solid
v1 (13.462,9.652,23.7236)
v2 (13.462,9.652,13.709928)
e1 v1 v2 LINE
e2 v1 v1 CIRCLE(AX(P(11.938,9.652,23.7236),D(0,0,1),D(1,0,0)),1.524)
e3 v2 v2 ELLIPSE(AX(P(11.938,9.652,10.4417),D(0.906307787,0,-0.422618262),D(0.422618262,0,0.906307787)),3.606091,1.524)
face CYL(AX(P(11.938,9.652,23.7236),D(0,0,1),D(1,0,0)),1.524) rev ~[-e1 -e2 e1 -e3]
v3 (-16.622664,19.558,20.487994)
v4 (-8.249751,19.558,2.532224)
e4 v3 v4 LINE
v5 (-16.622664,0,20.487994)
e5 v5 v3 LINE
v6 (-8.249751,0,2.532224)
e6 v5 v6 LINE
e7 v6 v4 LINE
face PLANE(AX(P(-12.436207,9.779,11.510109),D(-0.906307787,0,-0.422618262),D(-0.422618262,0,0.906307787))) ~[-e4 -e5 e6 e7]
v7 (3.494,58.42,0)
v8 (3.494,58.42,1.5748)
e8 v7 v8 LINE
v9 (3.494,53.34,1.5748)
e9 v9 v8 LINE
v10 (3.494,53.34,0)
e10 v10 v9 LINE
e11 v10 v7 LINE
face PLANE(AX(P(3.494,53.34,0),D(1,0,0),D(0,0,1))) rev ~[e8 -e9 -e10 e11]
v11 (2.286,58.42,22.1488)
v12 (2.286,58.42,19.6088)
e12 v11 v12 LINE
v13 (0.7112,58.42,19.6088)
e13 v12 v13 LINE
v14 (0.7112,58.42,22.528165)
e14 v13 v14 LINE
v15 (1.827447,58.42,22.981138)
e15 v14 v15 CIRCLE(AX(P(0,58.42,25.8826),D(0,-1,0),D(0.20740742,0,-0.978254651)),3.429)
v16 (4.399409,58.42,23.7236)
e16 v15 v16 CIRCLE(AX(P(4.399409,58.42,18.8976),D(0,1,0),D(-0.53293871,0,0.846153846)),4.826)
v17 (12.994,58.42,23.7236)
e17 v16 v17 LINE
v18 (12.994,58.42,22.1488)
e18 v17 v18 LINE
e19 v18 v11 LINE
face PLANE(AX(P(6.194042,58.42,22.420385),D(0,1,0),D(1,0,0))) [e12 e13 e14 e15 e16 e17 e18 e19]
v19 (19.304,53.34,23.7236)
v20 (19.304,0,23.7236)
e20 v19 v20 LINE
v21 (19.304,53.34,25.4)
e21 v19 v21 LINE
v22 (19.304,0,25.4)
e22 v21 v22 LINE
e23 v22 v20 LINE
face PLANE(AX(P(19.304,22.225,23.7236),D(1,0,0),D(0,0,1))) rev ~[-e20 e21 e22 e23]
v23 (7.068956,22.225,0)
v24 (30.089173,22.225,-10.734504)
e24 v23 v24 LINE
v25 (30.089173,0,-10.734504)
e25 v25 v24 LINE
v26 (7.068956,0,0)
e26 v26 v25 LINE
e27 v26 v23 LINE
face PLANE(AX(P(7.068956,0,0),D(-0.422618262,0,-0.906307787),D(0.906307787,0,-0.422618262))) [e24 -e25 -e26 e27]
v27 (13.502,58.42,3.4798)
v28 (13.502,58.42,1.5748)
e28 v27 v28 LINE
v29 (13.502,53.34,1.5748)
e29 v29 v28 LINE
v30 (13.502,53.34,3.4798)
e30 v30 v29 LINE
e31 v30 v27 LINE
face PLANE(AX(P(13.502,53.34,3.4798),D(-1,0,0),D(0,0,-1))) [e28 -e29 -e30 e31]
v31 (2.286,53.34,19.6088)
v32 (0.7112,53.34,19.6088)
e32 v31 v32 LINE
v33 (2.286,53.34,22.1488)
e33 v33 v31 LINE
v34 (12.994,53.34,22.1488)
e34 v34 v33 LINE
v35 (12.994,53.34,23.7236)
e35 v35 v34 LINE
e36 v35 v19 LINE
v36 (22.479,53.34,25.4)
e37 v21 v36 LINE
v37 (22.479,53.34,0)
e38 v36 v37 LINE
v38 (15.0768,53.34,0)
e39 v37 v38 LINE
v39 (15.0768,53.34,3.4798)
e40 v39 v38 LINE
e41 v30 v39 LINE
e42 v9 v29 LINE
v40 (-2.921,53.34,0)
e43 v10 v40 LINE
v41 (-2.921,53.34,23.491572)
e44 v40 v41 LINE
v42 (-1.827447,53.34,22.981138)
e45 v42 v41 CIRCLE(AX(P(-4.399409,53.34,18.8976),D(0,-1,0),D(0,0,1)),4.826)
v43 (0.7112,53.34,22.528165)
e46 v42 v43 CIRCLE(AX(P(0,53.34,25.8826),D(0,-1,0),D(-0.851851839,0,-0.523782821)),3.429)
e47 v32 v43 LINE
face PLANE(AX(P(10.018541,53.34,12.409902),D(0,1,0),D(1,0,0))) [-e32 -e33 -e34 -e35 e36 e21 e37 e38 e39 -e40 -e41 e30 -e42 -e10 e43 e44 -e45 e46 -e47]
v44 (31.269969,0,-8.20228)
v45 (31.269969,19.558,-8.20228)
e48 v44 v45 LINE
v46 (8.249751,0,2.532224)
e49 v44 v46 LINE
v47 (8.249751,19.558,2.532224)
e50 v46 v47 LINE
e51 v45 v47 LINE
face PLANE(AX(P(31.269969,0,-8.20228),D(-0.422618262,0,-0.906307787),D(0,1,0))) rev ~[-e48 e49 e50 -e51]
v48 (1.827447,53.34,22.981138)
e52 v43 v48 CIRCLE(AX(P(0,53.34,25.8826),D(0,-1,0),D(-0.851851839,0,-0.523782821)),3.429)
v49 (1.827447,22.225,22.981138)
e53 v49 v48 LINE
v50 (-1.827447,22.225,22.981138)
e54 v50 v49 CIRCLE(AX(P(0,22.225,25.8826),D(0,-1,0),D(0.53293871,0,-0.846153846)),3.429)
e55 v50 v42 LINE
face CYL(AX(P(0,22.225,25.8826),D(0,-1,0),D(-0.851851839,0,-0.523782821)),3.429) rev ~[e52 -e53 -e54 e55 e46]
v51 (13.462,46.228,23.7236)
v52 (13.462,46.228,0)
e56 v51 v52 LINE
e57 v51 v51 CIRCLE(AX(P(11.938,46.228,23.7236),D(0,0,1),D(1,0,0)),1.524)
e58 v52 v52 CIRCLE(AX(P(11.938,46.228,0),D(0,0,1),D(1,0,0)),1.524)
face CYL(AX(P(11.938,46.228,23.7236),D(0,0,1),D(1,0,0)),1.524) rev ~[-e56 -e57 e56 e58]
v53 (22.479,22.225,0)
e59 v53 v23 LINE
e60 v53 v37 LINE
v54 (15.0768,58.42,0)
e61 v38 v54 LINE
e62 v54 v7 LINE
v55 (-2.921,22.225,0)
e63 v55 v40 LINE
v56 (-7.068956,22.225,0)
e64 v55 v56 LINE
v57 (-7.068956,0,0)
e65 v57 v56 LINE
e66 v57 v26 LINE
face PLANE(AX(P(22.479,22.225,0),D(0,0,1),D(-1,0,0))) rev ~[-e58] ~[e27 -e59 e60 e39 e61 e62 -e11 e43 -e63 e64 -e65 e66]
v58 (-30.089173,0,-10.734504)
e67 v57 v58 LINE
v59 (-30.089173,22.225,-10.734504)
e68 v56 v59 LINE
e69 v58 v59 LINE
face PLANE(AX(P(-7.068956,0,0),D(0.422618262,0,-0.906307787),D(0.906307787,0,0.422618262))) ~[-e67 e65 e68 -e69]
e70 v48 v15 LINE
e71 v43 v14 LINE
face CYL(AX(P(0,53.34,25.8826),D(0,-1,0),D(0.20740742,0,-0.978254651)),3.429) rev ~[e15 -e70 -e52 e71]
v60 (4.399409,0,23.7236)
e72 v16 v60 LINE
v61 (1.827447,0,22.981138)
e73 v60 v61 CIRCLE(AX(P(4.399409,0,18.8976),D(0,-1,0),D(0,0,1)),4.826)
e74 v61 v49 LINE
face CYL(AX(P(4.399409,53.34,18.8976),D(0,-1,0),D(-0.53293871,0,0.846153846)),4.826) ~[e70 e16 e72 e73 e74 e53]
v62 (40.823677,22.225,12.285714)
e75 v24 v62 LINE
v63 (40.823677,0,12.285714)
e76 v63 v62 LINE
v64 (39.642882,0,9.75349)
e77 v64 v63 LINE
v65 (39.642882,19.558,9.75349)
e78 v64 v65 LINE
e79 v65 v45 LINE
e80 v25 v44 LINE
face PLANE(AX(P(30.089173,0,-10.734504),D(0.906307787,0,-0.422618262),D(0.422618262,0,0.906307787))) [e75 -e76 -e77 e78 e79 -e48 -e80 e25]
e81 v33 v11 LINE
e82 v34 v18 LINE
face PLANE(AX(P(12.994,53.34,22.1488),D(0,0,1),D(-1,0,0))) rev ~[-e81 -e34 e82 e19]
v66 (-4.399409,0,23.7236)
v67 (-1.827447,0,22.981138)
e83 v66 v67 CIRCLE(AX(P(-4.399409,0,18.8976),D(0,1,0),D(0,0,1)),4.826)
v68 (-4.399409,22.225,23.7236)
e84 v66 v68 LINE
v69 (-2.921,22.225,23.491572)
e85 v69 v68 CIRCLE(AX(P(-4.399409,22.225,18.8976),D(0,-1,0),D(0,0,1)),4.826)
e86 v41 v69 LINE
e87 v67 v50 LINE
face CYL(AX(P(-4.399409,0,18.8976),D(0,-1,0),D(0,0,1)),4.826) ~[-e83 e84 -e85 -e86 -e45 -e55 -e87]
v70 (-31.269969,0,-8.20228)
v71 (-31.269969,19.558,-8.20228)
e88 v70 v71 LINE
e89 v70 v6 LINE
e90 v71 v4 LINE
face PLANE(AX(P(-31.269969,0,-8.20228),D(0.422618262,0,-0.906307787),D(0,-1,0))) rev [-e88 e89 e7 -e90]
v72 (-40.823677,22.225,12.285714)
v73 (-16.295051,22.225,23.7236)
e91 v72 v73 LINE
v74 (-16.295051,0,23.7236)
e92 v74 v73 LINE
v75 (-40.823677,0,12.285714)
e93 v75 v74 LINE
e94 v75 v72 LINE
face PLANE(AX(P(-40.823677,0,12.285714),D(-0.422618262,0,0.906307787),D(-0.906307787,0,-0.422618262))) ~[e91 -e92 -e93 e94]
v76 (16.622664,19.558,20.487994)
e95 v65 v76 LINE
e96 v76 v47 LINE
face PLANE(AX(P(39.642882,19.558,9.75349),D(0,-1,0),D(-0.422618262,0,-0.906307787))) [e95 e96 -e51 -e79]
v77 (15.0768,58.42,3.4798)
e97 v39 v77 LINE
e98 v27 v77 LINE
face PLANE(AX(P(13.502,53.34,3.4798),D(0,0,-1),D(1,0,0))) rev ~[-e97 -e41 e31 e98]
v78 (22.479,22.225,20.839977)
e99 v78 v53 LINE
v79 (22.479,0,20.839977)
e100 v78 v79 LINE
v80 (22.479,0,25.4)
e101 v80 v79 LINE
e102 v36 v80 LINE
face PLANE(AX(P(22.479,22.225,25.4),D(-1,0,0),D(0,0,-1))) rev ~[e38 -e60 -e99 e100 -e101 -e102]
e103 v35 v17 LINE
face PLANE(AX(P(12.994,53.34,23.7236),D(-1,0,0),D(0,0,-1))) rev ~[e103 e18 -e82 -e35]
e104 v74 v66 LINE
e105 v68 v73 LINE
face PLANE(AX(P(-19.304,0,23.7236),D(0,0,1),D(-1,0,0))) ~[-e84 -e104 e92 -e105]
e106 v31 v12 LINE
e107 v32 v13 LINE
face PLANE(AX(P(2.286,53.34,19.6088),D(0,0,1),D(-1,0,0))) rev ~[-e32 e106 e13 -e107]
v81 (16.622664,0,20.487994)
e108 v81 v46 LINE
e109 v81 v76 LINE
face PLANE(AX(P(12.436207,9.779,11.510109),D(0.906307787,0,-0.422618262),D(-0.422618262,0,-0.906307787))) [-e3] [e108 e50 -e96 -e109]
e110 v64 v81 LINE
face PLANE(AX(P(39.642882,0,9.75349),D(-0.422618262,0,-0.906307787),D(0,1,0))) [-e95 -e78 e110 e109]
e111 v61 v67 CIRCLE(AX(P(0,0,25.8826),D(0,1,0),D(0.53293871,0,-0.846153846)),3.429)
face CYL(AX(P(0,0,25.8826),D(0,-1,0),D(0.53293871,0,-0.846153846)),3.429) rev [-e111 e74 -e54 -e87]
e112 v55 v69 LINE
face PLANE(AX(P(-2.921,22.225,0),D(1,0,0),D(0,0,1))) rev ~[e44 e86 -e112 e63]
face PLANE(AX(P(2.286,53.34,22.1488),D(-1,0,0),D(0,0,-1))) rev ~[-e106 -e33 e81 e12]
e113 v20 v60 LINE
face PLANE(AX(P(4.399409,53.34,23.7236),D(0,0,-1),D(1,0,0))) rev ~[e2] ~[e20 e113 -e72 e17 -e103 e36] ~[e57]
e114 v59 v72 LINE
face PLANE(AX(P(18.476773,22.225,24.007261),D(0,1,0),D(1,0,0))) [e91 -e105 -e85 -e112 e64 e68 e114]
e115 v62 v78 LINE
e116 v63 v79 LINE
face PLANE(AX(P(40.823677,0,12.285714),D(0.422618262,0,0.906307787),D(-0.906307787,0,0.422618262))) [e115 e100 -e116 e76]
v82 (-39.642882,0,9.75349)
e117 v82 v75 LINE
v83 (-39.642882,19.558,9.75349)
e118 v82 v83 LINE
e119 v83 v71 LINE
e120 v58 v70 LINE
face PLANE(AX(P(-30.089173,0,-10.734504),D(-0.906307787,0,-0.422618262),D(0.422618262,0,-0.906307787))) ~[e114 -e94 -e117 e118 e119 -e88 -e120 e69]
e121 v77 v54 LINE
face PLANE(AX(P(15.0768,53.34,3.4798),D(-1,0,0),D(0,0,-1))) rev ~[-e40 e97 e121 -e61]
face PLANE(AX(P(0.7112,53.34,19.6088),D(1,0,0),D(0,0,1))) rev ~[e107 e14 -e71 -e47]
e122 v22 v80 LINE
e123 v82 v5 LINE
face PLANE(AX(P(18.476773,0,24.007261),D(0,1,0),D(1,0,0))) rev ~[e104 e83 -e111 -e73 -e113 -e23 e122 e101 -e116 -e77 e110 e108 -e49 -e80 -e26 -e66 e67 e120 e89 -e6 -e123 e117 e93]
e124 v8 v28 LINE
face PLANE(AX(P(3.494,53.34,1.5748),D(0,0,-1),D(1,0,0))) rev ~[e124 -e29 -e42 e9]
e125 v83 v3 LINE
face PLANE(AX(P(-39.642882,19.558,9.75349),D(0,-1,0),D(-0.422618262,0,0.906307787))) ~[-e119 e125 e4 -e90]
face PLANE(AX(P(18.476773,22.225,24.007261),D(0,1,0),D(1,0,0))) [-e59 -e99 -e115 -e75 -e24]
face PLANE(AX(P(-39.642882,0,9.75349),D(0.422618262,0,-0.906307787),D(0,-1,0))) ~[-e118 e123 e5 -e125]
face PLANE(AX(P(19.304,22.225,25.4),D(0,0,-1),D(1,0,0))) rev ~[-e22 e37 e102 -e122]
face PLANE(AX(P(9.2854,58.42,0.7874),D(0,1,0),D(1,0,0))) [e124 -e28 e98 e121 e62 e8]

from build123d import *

# Parameters (mm, degrees)
BOSS_EXTRUDE1_DEPTH        = 22.225
SKETCH2_W                  = 19.812
SKETCH2_H                  = 19.558
CUT_EXTRUDE1_DEPTH         = 25.4
BOSS_EXTRUDE3_DEPTH        = 22.225
CUT_EXTRUDE2_DEPTH         = 53.968700624
BOSS_EXTRUDE4_DEPTH        = 31.115
F_6_CLEARANCE_HOLE1_REACH  = 77.492
F_6_CLEARANCE_HOLE1_BORE_R = 1.524
SKETCH13_W                 = 1.5748
SKETCH13_H                 = 1.905
BOSS_EXTRUDE5_DEPTH        = 5.08


with BuildPart() as part:
    # Sketch1 → Boss-Extrude1 (new body)
    with BuildSketch(Plane(origin=(0, 0, 0), x_dir=(1, 0, 0), z_dir=(0, 1, 0))):
        Polygon((30.08917336, 10.734503848), (40.823677208, -12.285713943), (12.7, -25.4), (0, -25.4), (0, 0), (7.068955569, 0), align=None)
    boss_extrude1 = extrude(amount=BOSS_EXTRUDE1_DEPTH)

    # Sketch2 → Cut-Extrude1 (cut)
    with BuildSketch(Plane(origin=(28.826614102, 0, -13.442070914), x_dir=(-0.4226182617407009, 0, -0.9063077870366494), z_dir=(0.9063077870366494, 0, -0.4226182617407009))):
        with Locations((-15.687469715, 9.779)):
            Rectangle(SKETCH2_W, SKETCH2_H)
    cut_extrude1 = extrude(amount=-CUT_EXTRUDE1_DEPTH, mode=Mode.SUBTRACT)

    # Mirror1: Boss-Extrude1, Cut-Extrude1 across plane
    add(boss_extrude1.mirror(Plane(origin=(0, 22.225, 0), x_dir=(0, 0, 1), z_dir=(1, 0, 0))))
    add(cut_extrude1.mirror(Plane(origin=(0, 22.225, 0), x_dir=(0, 0, 1), z_dir=(1, 0, 0))), mode=Mode.SUBTRACT)

    # Sketch4 → Boss-Extrude3 (add)
    with BuildSketch(Plane(origin=(0, 22.225, 0), x_dir=(1, 0, 0), z_dir=(0, 1, 0))):
        Polygon((22.479000043, -20.839977391), (12.7, -25.4), (22.479000043, -25.4), align=None)
    extrude(amount=-BOSS_EXTRUDE3_DEPTH)

    # Sketch6 → Cut-Extrude2 (cut, through all)
    with BuildSketch(Plane.XZ):
        with BuildLine():
            Line((19.304000043, 23.7236), (4.399409051, 23.7236))
            ThreePointArc((4.399409051, 23.7236), (3.060917478, 23.534270822), (1.827446837, 22.981138462))
            ThreePointArc((1.827446837, 22.981138462), (-1.441154453, 22.771151006), (-3.3948694, 25.4))
            Line((-3.3948694, 25.4), (19.304000043, 25.4))
            Line((19.304000043, 25.4), (19.304000043, 23.7236))
        make_face()
    cut_extrude2 = extrude(amount=-CUT_EXTRUDE2_DEPTH, mode=Mode.SUBTRACT)

    # Sketch11 → Boss-Extrude4 (add)
    with BuildSketch(Plane(origin=(0, 22.225, 0), x_dir=(1, 0, 0), z_dir=(0, 1, 0))):
        with BuildLine():
            Line((22.479000043, -25.4), (22.479000043, -20.839977391))
            Line((22.479000043, -20.839977391), (22.479000043, 0))
            Line((22.479000043, 0), (7.068955569, 0))
            Line((7.068955569, 0), (-2.920999957, 0))
            Line((-2.920999957, 0), (-2.920999957, -24.086548706))
            ThreePointArc((-2.920999957, -24.086548706), (-0.777462256, -22.542900397), (1.827446837, -22.981138462))
            ThreePointArc((1.827446837, -22.981138462), (3.060917478, -23.534270822), (4.399409051, -23.7236))
            Line((4.399409051, -23.7236), (19.304000043, -23.7236))
            Line((19.304000043, -23.7236), (19.304000043, -25.4))
            Line((19.304000043, -25.4), (22.479000043, -25.4))
        make_face()
    extrude(amount=BOSS_EXTRUDE4_DEPTH)

    # #6 Clearance Hole1 bore → #6 Clearance Hole1 (cut, up to next)
    with BuildSketch(Plane.XY.offset(23.7236), mode=Mode.PRIVATE) as f_6_clearance_hole1_sk1:
        with Locations((11.938000043, 9.652)):
            Circle(F_6_CLEARANCE_HOLE1_BORE_R)
    f_6_clearance_hole1_tool1 = extrude(f_6_clearance_hole1_sk1.sketch, amount=-F_6_CLEARANCE_HOLE1_REACH, mode=Mode.PRIVATE) & part.part
    # #6 Clearance Hole1 bore → #6 Clearance Hole1 (cut, up to next)
    with BuildSketch(Plane.XY.offset(23.7236), mode=Mode.PRIVATE) as f_6_clearance_hole1_sk2:
        with Locations((11.938000043, 46.228)):
            Circle(F_6_CLEARANCE_HOLE1_BORE_R)
    f_6_clearance_hole1_tool2 = extrude(f_6_clearance_hole1_sk2.sketch, amount=-F_6_CLEARANCE_HOLE1_REACH, mode=Mode.PRIVATE) & part.part
    add(f_6_clearance_hole1_tool1.solids().sort_by_distance((11.938, 9.652, 23.7236))[0], mode=Mode.SUBTRACT)
    add(f_6_clearance_hole1_tool2.solids().sort_by_distance((11.938, 46.228, 23.7236))[0], mode=Mode.SUBTRACT)

    # Mirror2: Cut-Extrude2 across plane
    add(cut_extrude2.mirror(Plane(origin=(0, 0, 0), x_dir=(0, 0, 1), z_dir=(1, 0, 0))), mode=Mode.SUBTRACT)

    # Sketch13 → Boss-Extrude5 (add)
    with BuildSketch(Plane(origin=(0, 53.34, 0), x_dir=(1, 0, 0), z_dir=(0, 1, 0))):
        with BuildLine():
            Line((4.399409051, -23.7236), (12.994000043, -23.7236))
            Line((12.994000043, -23.7236), (12.994000043, -22.1488))
            Line((12.994000043, -22.1488), (2.286000043, -22.1488))
            Line((2.286000043, -22.1488), (2.286000043, -19.6088))
            Line((2.286000043, -19.6088), (0.711200043, -19.6088))
            Line((0.711200043, -19.6088), (0.711200043, -22.528164802))
            ThreePointArc((0.711200043, -22.528164802), (1.289371273, -22.705248474), (1.827446837, -22.981138462))
            ThreePointArc((1.827446837, -22.981138462), (3.060917478, -23.534270822), (4.399409051, -23.7236))
        make_face()
        Polygon((15.076800043, 0), (3.494000043, 0), (3.494000043, -1.5748), (13.502000043, -1.5748), (15.076800043, -1.5748), align=None)
        with Locations((14.289400043, -2.5273)):
            Rectangle(SKETCH13_W, SKETCH13_H)
    extrude(amount=BOSS_EXTRUDE5_DEPTH)


solid = part.part
